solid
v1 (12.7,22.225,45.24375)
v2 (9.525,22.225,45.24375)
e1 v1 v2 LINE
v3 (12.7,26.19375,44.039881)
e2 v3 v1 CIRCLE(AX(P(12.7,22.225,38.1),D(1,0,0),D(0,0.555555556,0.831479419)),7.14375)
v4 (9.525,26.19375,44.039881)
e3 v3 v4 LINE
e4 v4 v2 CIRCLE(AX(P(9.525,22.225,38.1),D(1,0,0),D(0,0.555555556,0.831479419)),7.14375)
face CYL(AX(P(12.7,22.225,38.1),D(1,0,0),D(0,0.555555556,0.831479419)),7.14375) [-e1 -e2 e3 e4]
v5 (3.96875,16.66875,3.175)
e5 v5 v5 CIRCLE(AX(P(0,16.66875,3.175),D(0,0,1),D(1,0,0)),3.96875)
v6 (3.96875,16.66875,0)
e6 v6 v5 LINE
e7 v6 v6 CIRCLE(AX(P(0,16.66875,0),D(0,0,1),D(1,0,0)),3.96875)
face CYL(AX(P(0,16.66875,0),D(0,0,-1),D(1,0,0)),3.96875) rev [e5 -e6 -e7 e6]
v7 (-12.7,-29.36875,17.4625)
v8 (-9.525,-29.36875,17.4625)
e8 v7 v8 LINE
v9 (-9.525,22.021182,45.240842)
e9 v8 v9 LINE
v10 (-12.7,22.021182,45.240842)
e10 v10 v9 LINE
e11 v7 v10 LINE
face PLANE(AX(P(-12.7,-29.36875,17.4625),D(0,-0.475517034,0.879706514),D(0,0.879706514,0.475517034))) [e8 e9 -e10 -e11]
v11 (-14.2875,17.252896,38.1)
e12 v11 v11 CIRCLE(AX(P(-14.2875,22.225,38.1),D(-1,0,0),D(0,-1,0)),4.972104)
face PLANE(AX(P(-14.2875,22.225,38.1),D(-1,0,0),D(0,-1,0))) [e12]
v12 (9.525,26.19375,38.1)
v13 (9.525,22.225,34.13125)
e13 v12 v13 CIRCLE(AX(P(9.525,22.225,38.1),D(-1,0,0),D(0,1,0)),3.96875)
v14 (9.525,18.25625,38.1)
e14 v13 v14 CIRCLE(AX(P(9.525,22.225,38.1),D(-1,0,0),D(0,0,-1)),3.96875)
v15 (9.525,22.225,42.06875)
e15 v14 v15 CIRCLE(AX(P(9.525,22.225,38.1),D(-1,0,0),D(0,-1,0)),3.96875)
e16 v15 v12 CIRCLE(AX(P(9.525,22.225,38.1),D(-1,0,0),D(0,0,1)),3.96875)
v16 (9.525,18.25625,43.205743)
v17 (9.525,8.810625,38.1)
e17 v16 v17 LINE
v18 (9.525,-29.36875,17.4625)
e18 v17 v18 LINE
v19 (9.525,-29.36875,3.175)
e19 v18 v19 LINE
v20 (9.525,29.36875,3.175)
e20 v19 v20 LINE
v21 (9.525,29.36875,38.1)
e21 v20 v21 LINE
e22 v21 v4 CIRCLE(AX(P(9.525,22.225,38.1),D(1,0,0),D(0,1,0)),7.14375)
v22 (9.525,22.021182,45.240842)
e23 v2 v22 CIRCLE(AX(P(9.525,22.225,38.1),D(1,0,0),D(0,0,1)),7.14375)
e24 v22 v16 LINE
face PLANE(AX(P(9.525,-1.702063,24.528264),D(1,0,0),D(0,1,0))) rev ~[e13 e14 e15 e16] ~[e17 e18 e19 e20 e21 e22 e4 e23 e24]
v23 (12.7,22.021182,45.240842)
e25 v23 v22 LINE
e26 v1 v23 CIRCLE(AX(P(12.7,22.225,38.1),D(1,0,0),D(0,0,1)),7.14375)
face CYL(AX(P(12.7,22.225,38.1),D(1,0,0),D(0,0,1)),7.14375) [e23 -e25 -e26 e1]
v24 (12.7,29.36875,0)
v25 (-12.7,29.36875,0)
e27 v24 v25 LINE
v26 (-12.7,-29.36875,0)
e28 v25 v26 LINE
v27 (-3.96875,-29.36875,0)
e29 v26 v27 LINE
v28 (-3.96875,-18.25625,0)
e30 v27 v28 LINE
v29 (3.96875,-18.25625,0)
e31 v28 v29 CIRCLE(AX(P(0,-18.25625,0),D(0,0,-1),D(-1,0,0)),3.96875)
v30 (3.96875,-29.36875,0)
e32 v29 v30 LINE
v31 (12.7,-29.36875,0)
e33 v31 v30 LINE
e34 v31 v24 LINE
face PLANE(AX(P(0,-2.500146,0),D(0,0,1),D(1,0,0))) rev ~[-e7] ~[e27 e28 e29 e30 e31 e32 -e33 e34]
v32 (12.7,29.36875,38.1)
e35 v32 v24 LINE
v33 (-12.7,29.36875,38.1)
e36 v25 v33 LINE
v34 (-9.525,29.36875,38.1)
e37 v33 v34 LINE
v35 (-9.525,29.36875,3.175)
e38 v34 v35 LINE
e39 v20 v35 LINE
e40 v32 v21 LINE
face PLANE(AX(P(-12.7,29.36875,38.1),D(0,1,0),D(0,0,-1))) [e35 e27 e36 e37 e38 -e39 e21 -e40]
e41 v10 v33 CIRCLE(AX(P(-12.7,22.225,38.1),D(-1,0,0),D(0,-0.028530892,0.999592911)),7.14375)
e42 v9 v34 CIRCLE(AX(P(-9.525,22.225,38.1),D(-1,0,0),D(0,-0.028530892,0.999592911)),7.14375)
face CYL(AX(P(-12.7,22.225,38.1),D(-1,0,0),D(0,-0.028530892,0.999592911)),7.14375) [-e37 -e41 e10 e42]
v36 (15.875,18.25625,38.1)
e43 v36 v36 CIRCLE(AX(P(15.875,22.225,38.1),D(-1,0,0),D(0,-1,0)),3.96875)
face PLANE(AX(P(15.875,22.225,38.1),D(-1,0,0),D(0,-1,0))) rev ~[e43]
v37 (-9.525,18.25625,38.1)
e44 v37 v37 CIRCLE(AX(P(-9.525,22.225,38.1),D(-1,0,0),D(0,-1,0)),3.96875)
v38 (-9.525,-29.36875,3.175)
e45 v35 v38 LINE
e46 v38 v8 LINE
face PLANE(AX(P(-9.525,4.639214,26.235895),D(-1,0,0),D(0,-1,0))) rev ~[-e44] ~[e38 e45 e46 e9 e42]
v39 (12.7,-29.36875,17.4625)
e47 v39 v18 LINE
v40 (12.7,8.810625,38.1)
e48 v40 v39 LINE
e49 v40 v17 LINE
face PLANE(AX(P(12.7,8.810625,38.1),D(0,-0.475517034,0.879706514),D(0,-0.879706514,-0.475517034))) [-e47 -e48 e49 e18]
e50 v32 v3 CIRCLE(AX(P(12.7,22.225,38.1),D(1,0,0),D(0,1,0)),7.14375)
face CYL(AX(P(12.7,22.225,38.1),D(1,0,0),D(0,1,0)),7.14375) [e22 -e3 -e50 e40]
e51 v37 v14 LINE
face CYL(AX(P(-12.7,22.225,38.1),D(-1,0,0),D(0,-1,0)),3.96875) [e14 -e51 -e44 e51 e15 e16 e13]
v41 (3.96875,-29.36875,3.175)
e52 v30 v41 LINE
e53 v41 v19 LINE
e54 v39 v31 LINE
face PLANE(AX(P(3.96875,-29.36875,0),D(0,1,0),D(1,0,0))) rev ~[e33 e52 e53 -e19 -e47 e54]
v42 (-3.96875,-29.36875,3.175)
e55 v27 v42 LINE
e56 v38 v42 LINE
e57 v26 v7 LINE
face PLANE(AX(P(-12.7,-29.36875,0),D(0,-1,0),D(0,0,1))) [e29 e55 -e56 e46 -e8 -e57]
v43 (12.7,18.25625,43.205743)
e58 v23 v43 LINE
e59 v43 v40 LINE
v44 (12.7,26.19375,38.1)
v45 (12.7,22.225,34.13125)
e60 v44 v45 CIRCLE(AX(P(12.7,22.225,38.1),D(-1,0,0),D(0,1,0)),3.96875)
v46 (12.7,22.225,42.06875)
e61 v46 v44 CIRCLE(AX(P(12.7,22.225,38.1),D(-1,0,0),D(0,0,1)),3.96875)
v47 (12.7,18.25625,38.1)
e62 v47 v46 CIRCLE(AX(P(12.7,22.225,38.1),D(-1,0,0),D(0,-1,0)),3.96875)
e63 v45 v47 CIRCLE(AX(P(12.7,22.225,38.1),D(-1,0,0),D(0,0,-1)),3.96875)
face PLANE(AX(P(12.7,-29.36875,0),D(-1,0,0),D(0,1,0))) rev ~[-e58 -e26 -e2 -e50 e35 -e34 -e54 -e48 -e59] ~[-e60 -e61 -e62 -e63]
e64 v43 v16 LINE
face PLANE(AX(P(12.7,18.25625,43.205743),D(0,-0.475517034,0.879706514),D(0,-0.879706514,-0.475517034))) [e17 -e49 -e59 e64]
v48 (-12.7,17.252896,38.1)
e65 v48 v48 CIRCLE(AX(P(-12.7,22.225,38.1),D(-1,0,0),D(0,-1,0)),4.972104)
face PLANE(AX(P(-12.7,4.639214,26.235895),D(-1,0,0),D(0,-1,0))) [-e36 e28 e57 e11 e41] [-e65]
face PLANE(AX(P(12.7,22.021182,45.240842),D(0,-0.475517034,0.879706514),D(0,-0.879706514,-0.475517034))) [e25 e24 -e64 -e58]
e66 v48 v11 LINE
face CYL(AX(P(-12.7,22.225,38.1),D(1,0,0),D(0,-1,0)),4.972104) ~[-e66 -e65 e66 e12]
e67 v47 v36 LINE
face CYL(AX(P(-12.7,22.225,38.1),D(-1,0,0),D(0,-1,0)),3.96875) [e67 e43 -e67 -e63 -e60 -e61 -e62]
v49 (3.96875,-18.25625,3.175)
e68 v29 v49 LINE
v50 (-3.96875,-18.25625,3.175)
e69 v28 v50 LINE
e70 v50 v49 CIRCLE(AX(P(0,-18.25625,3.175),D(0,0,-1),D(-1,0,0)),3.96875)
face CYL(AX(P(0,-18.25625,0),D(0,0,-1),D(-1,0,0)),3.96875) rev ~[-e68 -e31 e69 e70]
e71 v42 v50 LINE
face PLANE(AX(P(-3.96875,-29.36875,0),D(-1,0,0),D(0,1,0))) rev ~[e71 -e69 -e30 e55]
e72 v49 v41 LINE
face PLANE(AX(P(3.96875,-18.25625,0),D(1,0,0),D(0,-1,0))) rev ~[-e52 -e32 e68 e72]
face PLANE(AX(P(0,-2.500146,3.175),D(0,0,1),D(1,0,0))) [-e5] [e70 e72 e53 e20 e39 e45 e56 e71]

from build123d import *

# Parameters (mm, degrees)
F0_R     = 3.96875
F1_DEPTH = 3.175
F2_R     = 4.9721039952
F2_W     = 58.7375
F2_H     = 14.2875
F2_H_2   = 3.175
F2_R_2   = 3.96875
F3_DEPTH = 3.175
F4_W     = 3.175
F4_H     = 20.6375
F4_W_2   = 3.96875
F4_H_2   = 14.2875
F4_H_3   = 3.175
F4_W_3   = 47.625
F5_DEPTH = 3.175
F6_DEPTH = 28.575
F7_DEPTH = 1.5875


with BuildPart() as f1:
    # F0 (on Top) → F1 (new body)
    with BuildSketch(Plane.XY):
        with BuildLine():
            Line((12.7, 29.36875), (-12.7, 29.36875))
            Line((-12.7, 29.36875), (-12.7, -29.36875))
            Line((-12.7, -29.36875), (-3.96875, -29.36875))
            Line((-3.96875, -29.36875), (-3.96875, -18.25625))
            ThreePointArc((-3.96875, -18.25625), (0, -14.2875), (3.96875, -18.25625))
            Line((3.96875, -18.25625), (3.96875, -29.36875))
            Line((3.96875, -29.36875), (12.7, -29.36875))
            Line((12.7, -29.36875), (12.7, 29.36875))
        make_face()
        with Locations((0, 16.66875)):
            Circle(F0_R, mode=Mode.SUBTRACT)
    extrude(amount=F1_DEPTH)

    # F2 (on face) → F3 (join)
    with BuildSketch(Plane(origin=(-12.7, 0, 0), x_dir=(0, -1, 0), z_dir=(-1, 0, 0))):
        with BuildLine():
            Line((-29.36875, 38.1), (-29.36875, 17.4625))
            Line((-29.36875, 17.4625), (29.36875, 17.4625))
            Line((29.36875, 17.4625), (-22.0211824404, 45.2408418597))
            ThreePointArc((-22.0211824404, 45.2408418597), (-27.2038122264, 43.2229476746), (-29.36875, 38.1))
        make_face()
        with Locations((-22.225, 38.1)):
            Circle(F2_R, mode=Mode.SUBTRACT)
        with Locations((0, 10.31875)):
            Rectangle(F2_W, F2_H)
        with Locations((0, 1.5875)):
            Rectangle(F2_W, F2_H_2)
        with Locations((-22.225, 38.1)):
            Circle(F2_R)
        with Locations((-22.225, 38.1)):
            Circle(F2_R_2, mode=Mode.SUBTRACT)
    extrude(amount=-F3_DEPTH)

    # F4 (on face) → F5 (join)
    with BuildSketch(Plane.YZ.offset(12.7)):
        Polygon((-29.36875, 17.4625), (18.25625, 17.4625), (18.25625, 38.1), (8.810625, 38.1), align=None)
        Polygon((8.810625, 38.1), (18.25625, 38.1), (18.25625, 43.2057432432), align=None)
        with BuildLine():
            ThreePointArc((18.25625, 38.1), (19.4186699622, 40.9063300378), (22.225, 42.06875))
            Line((22.225, 42.06875), (22.225, 45.24375))
            ThreePointArc((22.225, 45.24375), (22.1230808471, 45.2430229279), (22.0211824404, 45.2408418597))
            Line((22.0211824404, 45.2408418597), (18.25625, 43.2057432432))
            Line((18.25625, 43.2057432432), (18.25625, 38.1))
        make_face()
        with BuildLine():
            ThreePointArc((22.225, 42.06875), (25.0313300378, 40.9063300378), (26.19375, 38.1))
            Line((26.19375, 38.1), (26.19375, 44.0398811015))
            ThreePointArc((26.19375, 44.0398811015), (24.2986608261, 44.9361608261), (22.225, 45.24375))
            Line((22.225, 45.24375), (22.225, 42.06875))
        make_face()
        with BuildLine():
            Line((26.19375, 38.1), (29.36875, 38.1))
            ThreePointArc((29.36875, 38.1), (28.5251953095, 41.4675960454), (26.19375, 44.0398811015))
            Line((26.19375, 44.0398811015), (26.19375, 38.1))
        make_face()
        with Locations((27.78125, 27.78125)):
            Rectangle(F4_W, F4_H)
        with BuildLine():
            Line((22.225, 17.4625), (26.19375, 17.4625))
            Line((26.19375, 17.4625), (26.19375, 38.1))
            ThreePointArc((26.19375, 38.1), (25.0313300378, 35.2936699622), (22.225, 34.13125))
            Line((22.225, 34.13125), (22.225, 17.4625))
        make_face()
        with BuildLine():
            Line((18.25625, 17.4625), (22.225, 17.4625))
            Line((22.225, 17.4625), (22.225, 34.13125))
            ThreePointArc((22.225, 34.13125), (19.4186699622, 35.2936699622), (18.25625, 38.1))
            Line((18.25625, 38.1), (18.25625, 17.4625))
        make_face()
        with Locations((20.240625, 10.31875)):
            Rectangle(F4_W_2, F4_H_2)
        with Locations((24.209375, 10.31875)):
            Rectangle(F4_W_2, F4_H_2)
        with Locations((27.78125, 10.31875)):
            Rectangle(F4_W, F4_H_2)
        with Locations((27.78125, 1.5875)):
            Rectangle(F4_W, F4_H_3)
        with Locations((24.209375, 1.5875)):
            Rectangle(F4_W_2, F4_H_3)
        with Locations((20.240625, 1.5875)):
            Rectangle(F4_W_2, F4_H_3)
        with Locations((-5.55625, 1.5875)):
            Rectangle(F4_W_3, F4_H_3)
        with Locations((-5.55625, 10.31875)):
            Rectangle(F4_W_3, F4_H_2)
    extrude(amount=-F5_DEPTH)

    # F2 (on face) → F6 (join)
    with BuildSketch(Plane(origin=(-12.7, 0, 0), x_dir=(0, -1, 0), z_dir=(-1, 0, 0))):
        with Locations((-22.225, 38.1)):
            Circle(F2_R_2)
    extrude(amount=-F6_DEPTH)

    # F2 (on face) → F7 (join)
    with BuildSketch(Plane(origin=(-12.7, 0, 0), x_dir=(0, -1, 0), z_dir=(-1, 0, 0))):
        with Locations((-22.225, 38.1)):
            Circle(F2_R)
        with Locations((-22.225, 38.1)):
            Circle(F2_R_2, mode=Mode.SUBTRACT)
        with Locations((-22.225, 38.1)):
            Circle(F2_R_2)
    extrude(amount=F7_DEPTH)


solid = f1.part
